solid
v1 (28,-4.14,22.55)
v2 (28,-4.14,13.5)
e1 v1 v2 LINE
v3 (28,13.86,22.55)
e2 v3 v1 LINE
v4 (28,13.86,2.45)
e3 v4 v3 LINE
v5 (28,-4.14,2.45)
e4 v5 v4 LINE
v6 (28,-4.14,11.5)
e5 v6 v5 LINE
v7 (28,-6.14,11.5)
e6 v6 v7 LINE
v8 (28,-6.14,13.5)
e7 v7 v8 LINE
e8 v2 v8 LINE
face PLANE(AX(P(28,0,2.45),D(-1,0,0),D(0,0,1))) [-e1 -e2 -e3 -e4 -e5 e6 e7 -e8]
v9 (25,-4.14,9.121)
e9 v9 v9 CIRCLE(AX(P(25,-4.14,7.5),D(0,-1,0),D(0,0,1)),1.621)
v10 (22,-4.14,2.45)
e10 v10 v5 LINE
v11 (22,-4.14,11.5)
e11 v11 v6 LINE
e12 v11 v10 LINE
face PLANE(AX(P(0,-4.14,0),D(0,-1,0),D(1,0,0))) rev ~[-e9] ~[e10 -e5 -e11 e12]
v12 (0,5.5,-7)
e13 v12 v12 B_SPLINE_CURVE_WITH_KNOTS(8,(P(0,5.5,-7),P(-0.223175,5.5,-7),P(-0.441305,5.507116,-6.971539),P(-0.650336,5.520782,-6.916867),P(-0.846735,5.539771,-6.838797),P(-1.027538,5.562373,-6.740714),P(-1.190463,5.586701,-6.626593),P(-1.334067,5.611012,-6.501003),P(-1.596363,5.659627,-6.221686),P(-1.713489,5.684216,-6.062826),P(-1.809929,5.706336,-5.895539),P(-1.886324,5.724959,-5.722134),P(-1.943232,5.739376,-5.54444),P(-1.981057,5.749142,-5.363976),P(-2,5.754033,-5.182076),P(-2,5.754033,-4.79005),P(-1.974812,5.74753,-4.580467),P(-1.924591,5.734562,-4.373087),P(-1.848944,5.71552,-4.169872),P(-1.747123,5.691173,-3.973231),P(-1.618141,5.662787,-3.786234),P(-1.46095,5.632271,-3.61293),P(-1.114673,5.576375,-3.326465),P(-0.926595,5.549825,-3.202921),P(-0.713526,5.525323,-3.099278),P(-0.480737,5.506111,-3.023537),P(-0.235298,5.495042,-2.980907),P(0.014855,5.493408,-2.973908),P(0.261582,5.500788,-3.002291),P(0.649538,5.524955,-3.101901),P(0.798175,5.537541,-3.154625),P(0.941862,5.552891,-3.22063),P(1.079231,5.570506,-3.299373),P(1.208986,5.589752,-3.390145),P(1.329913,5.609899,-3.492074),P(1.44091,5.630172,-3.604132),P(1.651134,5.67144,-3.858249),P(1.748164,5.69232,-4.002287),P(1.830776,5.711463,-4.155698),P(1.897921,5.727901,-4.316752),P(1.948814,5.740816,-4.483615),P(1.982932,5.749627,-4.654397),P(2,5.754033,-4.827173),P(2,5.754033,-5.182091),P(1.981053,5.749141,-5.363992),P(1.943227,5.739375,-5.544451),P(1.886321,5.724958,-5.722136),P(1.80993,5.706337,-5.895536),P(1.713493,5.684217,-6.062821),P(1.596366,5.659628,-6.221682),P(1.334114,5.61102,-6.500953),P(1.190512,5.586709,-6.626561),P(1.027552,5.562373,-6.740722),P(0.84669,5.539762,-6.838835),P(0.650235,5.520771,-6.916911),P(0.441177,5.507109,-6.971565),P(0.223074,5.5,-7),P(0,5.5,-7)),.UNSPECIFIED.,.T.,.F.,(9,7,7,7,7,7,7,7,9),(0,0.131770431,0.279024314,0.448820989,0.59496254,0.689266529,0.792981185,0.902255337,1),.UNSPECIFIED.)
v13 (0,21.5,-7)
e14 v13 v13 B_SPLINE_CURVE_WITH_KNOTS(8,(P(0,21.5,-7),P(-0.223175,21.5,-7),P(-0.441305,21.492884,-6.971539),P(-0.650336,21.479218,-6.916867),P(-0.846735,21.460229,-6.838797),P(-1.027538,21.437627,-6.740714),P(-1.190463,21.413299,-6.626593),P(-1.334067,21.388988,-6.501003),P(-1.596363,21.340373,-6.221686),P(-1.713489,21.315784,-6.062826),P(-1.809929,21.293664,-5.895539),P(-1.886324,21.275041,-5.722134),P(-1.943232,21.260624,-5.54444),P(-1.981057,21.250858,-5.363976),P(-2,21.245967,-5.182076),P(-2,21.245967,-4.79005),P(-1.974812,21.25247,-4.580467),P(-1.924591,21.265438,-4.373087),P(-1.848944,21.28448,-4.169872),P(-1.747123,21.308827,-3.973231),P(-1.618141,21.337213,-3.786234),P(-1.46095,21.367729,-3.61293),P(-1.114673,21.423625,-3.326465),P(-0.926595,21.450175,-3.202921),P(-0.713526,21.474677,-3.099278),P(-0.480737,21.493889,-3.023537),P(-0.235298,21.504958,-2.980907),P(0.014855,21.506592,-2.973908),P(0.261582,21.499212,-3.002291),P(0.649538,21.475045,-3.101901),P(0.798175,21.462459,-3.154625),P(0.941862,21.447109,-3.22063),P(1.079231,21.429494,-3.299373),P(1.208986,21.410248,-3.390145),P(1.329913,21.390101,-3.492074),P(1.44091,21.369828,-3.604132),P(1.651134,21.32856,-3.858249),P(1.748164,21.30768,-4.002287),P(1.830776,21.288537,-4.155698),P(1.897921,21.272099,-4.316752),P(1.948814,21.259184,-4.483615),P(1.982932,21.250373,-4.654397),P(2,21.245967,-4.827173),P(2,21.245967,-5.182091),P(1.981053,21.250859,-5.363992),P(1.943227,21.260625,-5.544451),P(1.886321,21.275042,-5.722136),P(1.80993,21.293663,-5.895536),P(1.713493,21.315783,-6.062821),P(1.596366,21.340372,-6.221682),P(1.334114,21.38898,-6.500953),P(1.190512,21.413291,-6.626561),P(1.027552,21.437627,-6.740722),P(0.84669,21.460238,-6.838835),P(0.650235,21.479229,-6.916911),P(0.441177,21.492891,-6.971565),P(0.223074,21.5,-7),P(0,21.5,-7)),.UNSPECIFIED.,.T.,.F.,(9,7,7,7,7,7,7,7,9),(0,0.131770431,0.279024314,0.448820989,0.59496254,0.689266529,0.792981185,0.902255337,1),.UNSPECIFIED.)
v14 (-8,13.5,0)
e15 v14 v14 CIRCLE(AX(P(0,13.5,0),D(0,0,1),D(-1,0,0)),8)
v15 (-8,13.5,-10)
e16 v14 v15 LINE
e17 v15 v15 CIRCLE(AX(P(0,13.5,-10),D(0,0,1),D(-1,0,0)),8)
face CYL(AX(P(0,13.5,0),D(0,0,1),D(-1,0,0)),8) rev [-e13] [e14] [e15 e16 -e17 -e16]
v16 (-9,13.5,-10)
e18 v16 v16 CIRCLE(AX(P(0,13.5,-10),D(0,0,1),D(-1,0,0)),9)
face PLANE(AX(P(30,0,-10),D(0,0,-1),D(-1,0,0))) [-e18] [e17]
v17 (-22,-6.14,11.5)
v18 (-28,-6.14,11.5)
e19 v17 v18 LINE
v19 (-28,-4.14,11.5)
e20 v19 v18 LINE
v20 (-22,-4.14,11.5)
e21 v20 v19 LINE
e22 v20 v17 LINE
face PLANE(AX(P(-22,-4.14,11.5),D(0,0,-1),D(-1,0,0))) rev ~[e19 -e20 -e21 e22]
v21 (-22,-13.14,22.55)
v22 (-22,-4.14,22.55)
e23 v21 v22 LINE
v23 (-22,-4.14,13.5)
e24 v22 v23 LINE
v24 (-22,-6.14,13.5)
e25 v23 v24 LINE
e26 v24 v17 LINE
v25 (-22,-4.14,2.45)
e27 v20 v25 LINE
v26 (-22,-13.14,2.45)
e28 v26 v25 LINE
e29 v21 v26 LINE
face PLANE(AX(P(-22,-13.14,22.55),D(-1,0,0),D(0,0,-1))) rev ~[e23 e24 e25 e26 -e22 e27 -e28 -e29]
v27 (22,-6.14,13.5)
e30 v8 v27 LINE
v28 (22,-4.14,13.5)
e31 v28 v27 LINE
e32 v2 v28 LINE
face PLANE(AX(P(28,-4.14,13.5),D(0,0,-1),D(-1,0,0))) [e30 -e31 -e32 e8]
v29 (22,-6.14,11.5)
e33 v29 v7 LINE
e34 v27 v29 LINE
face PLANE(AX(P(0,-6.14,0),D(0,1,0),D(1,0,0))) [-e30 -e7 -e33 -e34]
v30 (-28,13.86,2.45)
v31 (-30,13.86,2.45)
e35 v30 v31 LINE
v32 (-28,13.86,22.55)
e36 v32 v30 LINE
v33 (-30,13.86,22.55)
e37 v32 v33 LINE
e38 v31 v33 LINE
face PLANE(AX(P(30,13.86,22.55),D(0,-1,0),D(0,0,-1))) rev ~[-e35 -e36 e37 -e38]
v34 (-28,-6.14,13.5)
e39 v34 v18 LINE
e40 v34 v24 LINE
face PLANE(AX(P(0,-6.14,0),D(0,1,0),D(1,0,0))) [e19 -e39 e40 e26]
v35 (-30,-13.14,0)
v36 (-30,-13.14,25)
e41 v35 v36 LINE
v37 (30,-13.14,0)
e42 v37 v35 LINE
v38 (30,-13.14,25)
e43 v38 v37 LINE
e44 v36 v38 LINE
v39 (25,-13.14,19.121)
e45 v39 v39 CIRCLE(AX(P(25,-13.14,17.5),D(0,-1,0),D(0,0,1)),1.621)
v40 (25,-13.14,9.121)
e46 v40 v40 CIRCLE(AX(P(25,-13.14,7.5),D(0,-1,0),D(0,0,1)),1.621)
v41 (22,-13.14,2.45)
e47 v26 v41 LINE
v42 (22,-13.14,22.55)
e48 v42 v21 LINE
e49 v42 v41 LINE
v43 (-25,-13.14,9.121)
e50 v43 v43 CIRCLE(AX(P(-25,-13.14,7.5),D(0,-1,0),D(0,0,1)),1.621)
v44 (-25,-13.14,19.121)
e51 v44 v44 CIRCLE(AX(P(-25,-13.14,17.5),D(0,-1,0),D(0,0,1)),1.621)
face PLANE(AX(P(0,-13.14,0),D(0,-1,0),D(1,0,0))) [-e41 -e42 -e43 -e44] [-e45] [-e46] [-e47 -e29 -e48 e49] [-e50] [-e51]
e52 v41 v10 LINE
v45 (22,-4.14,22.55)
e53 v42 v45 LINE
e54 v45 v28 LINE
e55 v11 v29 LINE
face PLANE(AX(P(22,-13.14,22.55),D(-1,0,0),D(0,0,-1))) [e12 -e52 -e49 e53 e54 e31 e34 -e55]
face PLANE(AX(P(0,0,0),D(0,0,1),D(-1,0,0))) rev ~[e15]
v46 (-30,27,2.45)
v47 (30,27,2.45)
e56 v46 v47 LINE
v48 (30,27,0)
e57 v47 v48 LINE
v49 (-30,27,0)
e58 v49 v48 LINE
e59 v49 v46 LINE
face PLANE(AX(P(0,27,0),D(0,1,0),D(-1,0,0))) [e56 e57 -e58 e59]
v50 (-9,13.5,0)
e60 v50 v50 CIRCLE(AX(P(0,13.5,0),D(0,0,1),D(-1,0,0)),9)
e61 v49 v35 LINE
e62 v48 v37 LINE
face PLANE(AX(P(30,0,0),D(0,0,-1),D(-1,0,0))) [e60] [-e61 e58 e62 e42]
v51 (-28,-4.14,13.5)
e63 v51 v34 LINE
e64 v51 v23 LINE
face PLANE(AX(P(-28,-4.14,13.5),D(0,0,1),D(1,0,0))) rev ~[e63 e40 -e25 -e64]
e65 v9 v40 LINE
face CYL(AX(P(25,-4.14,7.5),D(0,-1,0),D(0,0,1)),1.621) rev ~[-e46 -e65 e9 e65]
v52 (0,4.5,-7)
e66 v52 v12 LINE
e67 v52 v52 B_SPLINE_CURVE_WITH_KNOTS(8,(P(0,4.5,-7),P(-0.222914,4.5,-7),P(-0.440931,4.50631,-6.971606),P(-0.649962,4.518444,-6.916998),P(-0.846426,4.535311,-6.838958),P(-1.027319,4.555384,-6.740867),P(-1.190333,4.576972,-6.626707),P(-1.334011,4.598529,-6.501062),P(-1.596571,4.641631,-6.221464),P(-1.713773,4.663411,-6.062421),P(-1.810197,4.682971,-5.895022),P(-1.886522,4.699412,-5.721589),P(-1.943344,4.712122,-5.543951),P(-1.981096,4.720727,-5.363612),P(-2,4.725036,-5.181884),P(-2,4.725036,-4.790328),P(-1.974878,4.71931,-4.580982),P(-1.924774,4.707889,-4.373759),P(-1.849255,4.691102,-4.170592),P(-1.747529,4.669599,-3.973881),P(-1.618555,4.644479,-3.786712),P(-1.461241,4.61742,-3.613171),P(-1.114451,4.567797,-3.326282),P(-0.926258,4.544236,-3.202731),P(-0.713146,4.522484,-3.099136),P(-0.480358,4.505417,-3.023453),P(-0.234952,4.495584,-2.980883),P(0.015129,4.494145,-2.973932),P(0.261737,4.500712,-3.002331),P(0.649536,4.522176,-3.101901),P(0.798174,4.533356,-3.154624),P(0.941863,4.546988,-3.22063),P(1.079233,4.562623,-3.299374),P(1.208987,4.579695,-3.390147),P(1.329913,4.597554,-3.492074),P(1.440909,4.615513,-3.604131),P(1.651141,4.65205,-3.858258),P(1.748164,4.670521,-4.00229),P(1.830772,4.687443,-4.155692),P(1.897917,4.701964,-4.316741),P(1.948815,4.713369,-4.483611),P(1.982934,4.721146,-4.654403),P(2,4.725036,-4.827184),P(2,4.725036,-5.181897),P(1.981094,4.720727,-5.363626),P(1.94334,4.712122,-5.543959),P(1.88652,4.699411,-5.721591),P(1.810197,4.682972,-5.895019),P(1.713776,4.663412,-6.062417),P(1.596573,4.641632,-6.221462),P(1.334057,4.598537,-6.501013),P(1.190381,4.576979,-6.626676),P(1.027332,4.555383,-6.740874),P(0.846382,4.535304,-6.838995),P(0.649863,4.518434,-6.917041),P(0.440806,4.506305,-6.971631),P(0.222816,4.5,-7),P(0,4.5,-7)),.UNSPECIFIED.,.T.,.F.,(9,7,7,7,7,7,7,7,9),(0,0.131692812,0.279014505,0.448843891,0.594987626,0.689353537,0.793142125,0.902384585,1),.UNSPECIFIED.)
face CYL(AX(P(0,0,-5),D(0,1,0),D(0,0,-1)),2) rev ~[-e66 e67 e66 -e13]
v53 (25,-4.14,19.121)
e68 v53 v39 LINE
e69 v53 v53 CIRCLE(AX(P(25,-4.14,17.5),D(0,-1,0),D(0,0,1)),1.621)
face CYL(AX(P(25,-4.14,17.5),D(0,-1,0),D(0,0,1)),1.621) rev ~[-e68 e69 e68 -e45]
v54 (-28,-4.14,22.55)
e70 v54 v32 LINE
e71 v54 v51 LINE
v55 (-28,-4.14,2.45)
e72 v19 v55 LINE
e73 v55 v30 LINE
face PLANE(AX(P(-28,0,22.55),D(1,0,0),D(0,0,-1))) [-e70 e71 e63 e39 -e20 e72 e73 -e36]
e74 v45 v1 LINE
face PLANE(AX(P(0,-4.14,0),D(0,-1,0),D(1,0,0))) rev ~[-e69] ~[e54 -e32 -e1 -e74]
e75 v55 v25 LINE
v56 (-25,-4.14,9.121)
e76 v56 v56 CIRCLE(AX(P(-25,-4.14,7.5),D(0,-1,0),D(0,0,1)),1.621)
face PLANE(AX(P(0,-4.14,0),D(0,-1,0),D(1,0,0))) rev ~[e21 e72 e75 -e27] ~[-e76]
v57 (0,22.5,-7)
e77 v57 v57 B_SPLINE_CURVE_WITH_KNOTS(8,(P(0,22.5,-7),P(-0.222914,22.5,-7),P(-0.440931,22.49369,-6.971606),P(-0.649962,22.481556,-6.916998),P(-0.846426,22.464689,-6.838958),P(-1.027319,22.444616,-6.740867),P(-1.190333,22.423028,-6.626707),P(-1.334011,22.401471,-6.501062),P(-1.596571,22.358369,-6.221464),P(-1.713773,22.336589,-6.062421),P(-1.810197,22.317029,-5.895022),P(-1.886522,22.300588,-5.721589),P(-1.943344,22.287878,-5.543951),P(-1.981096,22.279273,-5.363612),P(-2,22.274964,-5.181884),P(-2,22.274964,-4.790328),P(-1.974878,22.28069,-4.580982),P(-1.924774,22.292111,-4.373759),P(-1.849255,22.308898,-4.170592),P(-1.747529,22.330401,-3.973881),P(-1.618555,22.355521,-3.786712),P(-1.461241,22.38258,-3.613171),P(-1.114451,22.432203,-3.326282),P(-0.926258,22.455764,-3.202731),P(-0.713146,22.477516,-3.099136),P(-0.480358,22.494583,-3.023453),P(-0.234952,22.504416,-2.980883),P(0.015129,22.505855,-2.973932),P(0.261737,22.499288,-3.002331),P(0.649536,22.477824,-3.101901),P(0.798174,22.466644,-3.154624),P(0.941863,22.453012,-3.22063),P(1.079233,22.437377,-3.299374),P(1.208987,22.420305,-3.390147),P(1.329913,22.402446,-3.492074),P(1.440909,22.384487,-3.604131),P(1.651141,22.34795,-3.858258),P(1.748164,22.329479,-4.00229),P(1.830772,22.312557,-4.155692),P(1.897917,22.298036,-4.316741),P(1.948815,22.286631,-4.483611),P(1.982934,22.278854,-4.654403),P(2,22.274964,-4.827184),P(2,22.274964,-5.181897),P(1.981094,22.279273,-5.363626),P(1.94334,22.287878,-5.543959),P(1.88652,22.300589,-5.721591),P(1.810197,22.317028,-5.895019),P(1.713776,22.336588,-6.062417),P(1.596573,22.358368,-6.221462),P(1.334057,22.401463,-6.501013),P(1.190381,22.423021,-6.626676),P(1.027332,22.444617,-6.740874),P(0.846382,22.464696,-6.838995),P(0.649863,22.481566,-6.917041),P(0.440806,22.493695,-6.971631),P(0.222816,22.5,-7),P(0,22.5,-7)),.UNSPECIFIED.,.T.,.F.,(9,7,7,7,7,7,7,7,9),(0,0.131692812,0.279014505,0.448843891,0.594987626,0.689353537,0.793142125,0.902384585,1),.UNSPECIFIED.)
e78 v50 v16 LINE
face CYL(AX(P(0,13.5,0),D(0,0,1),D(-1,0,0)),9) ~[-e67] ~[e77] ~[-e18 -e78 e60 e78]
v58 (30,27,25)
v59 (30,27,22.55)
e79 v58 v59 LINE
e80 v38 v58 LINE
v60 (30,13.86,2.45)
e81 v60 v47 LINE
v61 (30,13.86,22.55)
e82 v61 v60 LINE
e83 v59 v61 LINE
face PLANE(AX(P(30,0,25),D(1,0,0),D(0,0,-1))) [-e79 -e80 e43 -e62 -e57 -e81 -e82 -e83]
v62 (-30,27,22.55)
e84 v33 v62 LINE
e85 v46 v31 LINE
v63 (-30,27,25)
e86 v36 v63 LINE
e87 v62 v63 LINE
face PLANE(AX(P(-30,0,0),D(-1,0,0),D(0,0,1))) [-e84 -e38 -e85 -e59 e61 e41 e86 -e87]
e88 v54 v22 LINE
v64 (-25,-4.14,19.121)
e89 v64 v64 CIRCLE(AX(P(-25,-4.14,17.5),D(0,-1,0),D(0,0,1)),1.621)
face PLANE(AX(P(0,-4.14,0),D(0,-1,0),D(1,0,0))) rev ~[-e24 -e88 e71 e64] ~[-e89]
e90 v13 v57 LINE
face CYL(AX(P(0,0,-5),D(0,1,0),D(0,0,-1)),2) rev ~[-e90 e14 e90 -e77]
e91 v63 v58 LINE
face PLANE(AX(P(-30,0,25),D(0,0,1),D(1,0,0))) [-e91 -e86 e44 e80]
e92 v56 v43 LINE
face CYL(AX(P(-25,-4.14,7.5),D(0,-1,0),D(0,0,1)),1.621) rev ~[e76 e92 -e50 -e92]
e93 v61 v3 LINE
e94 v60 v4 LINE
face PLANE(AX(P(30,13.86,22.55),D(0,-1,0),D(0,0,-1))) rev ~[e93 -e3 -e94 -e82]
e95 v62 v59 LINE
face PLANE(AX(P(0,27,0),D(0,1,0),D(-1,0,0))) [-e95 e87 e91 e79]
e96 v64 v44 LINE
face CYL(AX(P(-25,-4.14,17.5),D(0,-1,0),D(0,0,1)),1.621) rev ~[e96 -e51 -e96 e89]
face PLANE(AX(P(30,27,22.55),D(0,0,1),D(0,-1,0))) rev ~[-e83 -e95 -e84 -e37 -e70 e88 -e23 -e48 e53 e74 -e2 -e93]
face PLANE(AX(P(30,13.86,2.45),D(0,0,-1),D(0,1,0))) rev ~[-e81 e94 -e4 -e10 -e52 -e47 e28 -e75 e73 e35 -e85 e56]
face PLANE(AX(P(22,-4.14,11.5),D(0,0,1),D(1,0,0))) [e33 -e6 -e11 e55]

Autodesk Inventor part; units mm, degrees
ref_plane "YZ Plane" through (0, 0, 0) normal (1, 0, 0) x (0, 1, 0)
ref_plane "XZ Plane" through (0, 0, 0) normal (0, 1, 0) x (-1, 0, 0)
ref_plane "XY Plane" through (0, 0, 0) normal (0, 0, 1) x (1, 0, 0)
sketch "Esquisse1" plane through (0, 0, 0) normal (0, 1, 0) x (-1, 0, 0)
  line L0 (0, 0) -> (0, 2.45)
  line L1 (0, 0) -> (2.45, 0) construction
  line L2 (0, 2.45) -> (28, 2.45)
  line L3 (28, 2.45) -> (28, 22.55)
  line L4 (28, 22.55) -> (-28, 22.55)
  line L5 (-28, 22.55) -> (-28, 2.45)
  line L6 (-28, 2.45) -> (0, 2.45)
  line L7 (0, 0) -> (30, 0)
  line L8 (30, 0) -> (30, 25)
  line L9 (30, 25) -> (-30, 25)
  line L10 (-30, 25) -> (-30, 0)
  line L11 (-30, 0) -> (0, 0)
  dimension "d0" = 2.45
  dimension "d1" = 90
  dimension "d2" = 28
  dimension "d3" = 20.1
  dimension "d4" = 56
  dimension "d5" = 30
  dimension "d6" = 25
  dimension "d7" = 60
extrude "Extrusion1" add sketch "Esquisse1" along normal blind 27
sketch "Esquisse2" plane through (30, 0, 0) normal (0, 0, -1) x (-1, 0, 0)
  line L0 (30, 0) -> (30, 27)
  line L1 (60, 27) -> (0, 27) projected
  line L2 (0, 0) -> (0, 27) projected
  line L3 (0, 13.5) -> (60, 13.5)
  line L4 (60, 0) -> (60, 27) projected
  circle A0 centre (30, 13.5) radius 8
  circle A1 centre (30, 13.5) radius 9
  dimension "d10" = 16
  dimension "d11" = 18
extrude "Extrusion2" add sketch "Esquisse2" along normal blind 10 contours A1 L3 A0 L0 | L0 A0 L3 A1 | A1 L0 A0 L3 | L3 A0 L0 A1
sketch "Esquisse3" plane through (0, 0, 0) normal (0, 1, 0) x (-1, 0, 0)
  line L0 (-9, -10) -> (9, -10) projected
  line L1 (0, -10) -> (0, -5)
  point P0 (0, 0)
  dimension "d14" = 5
hole "Perçage1" at (0, 0, -5) direction (0, 1, 0) diameter 4 end through all
sketch "Esquisse7" plane through (0, 0, 0) normal (0, -1, 0) x (1, 0, 0)
  line L0 (-30, 0) -> (-30, 25) projected
  line L1 (30, 0) -> (-30, 0) projected
  line L2 (30, 25) -> (30, 0) projected
  line L3 (-30, 25) -> (30, 25) projected
  line L4 (28, 22.55) -> (-28, 22.55) projected
  line L5 (-28, 2.45) -> (28, 2.45) projected
  line L6 (-28, 22.55) -> (-28, 2.45) projected
  line L7 (28, 2.45) -> (28, 22.55) projected
  point P0 (0, 0)
extrude "Extrusion5" add sketch "Esquisse7" along normal blind 13.14
sketch "Esquisse11" plane through (0, -13.14, 0) normal (0, -1, 0) x (1, 0, 0)
  line L0 (28, 22.55) -> (28, 2.45) projected
  line L1 (-28, 22.55) -> (28, 22.55) projected
  line L2 (28, 2.45) -> (28, 22.55) projected
  line L3 (28, 22.55) -> (28, 2.45)
  line L4 (28, 22.55) -> (-28, 22.55) projected
  line L5 (28, 22.55) -> (22, 22.55)
  line L6 (22, 22.55) -> (22, 2.45)
  line L7 (22, 2.45) -> (28, 2.45)
  line L8 (-28, 22.55) -> (-22, 22.55)
  line L9 (-22, 22.55) -> (-22, 2.45)
  line L10 (-28, 2.45) -> (28, 2.45) projected
  line L11 (-22, 2.45) -> (-28, 2.45)
  line L12 (-28, 22.55) -> (-28, 2.45) projected
  line L13 (-28, 22.55) -> (-28, 2.45)
  point P0 (0, 0)
  dimension "d46" = 6
  dimension "d47" = 6
extrude "Extrusion6" add sketch "Esquisse11" against normal blind 9 contours L0 L7 L6 L1 | L9 L10 L12 L1
sketch "Esquisse12" plane through (0, -4.14, 0) normal (0, 1, 0) x (1, 0, 0)
  line L0 (-22, -22.55) -> (-28, -22.55) projected
  line L1 (-28, -22.55) -> (-28, -13.5)
  line L2 (-28, -22.55) -> (-28, -2.45) projected
  line L3 (-28, -13.5) -> (-22, -13.5)
  line L4 (-22, -22.55) -> (-22, -2.45) projected
  line L5 (-22, -13.5) -> (-22, -11.5)
  line L6 (-22, -11.5) -> (-28, -11.5)
  line L7 (-28, -13.5) -> (-28, -11.5)
  line L8 (-28, -11.5) -> (-28, -13.5)
  line L9 (28, -2.45) -> (28, -22.55) projected
  line L10 (28, -22.55) -> (28, -13.5)
  line L11 (28, -13.5) -> (22, -13.5)
  line L12 (22, -13.5) -> (22, -11.5)
  line L13 (22, -22.55) -> (22, -2.45) projected
  line L14 (22, -11.5) -> (28, -11.5)
  line L15 (28, -11.5) -> (28, -13.5)
  line L16 (28, -13.5) -> (28, -11.5)
  point P0 (0, 0)
  dimension "d50" = 9.05
  dimension "d51" = 2
  dimension "d52" = 6
extrude "Extrusion7" cut sketch "Esquisse12" against normal blind 2 contours L3 L2 L6 L4 | L9 L11 L12 L14
sketch "Esquisse13" plane through (0, -4.14, 0) normal (0, 1, 0) x (1, 0, 0)
  line L0 (-28, -22.55) -> (-28, -2.45) projected
  line L1 (-28, -22.55) -> (-28, -12.5)
  line L2 (-28, -2.45) -> (-22, -2.45) projected
  line L3 (-28, -12.5) -> (-25, -12.5)
  line L4 (-25, -12.5) -> (-25, -7.5)
  line L5 (-25, -12.5) -> (-25, -17.5)
  line L6 (28, -13.5) -> (28, -22.55) projected
  line L7 (28, -22.55) -> (28, -12.5)
  line L8 (28, -12.5) -> (25, -12.5)
  line L9 (25, -12.5) -> (25, -7.5)
  line L10 (25, -7.5) -> (25, -17.5)
  point P0 (0, 0)
  dimension "d55" = 10.05
  dimension "d56" = 3
  dimension "d57" = 5
  dimension "d58" = 5
  dimension "d59" = 3
  dimension "d60" = 5
  dimension "d61" = 10
hole "Perçage3" at (-25, -4.14, 17.5) at (-25, -4.14, 7.5) at (25, -4.14, 17.5) at (25, -4.14, 7.5) direction (0, -1, 0) diameter 3.242 depth 11.8 tip angle 118 thread size "M4x0.7" class "6H" standard "ISO Metric profile"
sketch "Esquisse14" plane through (30, 27, 25) normal (1, 0, 0) x (0, 0, -1)
  line L0 (0, -40.14) -> (0, 0) projected
  line L1 (0, 0) -> (2.45, 0)
  line L2 (0, 0) -> (25, 0) projected
  line L3 (2.45, 0) -> (2.45, -13.14)
  line L4 (2.45, -31.14) -> (2.45, -40.14) projected
  line L5 (2.45, -13.14) -> (22.55, -13.14)
  line L6 (22.55, -13.14) -> (22.55, 0)
  line L7 (2.45, 0) -> (22.55, 0)
  line L8 (25, -40.14) -> (25, 0) projected
  point P0 (25, -27)
  dimension "d69" = 2.45
  dimension "d70" = 13.14
  dimension "d71" = 20.1
extrude "Extrusion8" cut sketch "Esquisse14" against normal through all
properties part number "Attache servomoteur_bogie"
